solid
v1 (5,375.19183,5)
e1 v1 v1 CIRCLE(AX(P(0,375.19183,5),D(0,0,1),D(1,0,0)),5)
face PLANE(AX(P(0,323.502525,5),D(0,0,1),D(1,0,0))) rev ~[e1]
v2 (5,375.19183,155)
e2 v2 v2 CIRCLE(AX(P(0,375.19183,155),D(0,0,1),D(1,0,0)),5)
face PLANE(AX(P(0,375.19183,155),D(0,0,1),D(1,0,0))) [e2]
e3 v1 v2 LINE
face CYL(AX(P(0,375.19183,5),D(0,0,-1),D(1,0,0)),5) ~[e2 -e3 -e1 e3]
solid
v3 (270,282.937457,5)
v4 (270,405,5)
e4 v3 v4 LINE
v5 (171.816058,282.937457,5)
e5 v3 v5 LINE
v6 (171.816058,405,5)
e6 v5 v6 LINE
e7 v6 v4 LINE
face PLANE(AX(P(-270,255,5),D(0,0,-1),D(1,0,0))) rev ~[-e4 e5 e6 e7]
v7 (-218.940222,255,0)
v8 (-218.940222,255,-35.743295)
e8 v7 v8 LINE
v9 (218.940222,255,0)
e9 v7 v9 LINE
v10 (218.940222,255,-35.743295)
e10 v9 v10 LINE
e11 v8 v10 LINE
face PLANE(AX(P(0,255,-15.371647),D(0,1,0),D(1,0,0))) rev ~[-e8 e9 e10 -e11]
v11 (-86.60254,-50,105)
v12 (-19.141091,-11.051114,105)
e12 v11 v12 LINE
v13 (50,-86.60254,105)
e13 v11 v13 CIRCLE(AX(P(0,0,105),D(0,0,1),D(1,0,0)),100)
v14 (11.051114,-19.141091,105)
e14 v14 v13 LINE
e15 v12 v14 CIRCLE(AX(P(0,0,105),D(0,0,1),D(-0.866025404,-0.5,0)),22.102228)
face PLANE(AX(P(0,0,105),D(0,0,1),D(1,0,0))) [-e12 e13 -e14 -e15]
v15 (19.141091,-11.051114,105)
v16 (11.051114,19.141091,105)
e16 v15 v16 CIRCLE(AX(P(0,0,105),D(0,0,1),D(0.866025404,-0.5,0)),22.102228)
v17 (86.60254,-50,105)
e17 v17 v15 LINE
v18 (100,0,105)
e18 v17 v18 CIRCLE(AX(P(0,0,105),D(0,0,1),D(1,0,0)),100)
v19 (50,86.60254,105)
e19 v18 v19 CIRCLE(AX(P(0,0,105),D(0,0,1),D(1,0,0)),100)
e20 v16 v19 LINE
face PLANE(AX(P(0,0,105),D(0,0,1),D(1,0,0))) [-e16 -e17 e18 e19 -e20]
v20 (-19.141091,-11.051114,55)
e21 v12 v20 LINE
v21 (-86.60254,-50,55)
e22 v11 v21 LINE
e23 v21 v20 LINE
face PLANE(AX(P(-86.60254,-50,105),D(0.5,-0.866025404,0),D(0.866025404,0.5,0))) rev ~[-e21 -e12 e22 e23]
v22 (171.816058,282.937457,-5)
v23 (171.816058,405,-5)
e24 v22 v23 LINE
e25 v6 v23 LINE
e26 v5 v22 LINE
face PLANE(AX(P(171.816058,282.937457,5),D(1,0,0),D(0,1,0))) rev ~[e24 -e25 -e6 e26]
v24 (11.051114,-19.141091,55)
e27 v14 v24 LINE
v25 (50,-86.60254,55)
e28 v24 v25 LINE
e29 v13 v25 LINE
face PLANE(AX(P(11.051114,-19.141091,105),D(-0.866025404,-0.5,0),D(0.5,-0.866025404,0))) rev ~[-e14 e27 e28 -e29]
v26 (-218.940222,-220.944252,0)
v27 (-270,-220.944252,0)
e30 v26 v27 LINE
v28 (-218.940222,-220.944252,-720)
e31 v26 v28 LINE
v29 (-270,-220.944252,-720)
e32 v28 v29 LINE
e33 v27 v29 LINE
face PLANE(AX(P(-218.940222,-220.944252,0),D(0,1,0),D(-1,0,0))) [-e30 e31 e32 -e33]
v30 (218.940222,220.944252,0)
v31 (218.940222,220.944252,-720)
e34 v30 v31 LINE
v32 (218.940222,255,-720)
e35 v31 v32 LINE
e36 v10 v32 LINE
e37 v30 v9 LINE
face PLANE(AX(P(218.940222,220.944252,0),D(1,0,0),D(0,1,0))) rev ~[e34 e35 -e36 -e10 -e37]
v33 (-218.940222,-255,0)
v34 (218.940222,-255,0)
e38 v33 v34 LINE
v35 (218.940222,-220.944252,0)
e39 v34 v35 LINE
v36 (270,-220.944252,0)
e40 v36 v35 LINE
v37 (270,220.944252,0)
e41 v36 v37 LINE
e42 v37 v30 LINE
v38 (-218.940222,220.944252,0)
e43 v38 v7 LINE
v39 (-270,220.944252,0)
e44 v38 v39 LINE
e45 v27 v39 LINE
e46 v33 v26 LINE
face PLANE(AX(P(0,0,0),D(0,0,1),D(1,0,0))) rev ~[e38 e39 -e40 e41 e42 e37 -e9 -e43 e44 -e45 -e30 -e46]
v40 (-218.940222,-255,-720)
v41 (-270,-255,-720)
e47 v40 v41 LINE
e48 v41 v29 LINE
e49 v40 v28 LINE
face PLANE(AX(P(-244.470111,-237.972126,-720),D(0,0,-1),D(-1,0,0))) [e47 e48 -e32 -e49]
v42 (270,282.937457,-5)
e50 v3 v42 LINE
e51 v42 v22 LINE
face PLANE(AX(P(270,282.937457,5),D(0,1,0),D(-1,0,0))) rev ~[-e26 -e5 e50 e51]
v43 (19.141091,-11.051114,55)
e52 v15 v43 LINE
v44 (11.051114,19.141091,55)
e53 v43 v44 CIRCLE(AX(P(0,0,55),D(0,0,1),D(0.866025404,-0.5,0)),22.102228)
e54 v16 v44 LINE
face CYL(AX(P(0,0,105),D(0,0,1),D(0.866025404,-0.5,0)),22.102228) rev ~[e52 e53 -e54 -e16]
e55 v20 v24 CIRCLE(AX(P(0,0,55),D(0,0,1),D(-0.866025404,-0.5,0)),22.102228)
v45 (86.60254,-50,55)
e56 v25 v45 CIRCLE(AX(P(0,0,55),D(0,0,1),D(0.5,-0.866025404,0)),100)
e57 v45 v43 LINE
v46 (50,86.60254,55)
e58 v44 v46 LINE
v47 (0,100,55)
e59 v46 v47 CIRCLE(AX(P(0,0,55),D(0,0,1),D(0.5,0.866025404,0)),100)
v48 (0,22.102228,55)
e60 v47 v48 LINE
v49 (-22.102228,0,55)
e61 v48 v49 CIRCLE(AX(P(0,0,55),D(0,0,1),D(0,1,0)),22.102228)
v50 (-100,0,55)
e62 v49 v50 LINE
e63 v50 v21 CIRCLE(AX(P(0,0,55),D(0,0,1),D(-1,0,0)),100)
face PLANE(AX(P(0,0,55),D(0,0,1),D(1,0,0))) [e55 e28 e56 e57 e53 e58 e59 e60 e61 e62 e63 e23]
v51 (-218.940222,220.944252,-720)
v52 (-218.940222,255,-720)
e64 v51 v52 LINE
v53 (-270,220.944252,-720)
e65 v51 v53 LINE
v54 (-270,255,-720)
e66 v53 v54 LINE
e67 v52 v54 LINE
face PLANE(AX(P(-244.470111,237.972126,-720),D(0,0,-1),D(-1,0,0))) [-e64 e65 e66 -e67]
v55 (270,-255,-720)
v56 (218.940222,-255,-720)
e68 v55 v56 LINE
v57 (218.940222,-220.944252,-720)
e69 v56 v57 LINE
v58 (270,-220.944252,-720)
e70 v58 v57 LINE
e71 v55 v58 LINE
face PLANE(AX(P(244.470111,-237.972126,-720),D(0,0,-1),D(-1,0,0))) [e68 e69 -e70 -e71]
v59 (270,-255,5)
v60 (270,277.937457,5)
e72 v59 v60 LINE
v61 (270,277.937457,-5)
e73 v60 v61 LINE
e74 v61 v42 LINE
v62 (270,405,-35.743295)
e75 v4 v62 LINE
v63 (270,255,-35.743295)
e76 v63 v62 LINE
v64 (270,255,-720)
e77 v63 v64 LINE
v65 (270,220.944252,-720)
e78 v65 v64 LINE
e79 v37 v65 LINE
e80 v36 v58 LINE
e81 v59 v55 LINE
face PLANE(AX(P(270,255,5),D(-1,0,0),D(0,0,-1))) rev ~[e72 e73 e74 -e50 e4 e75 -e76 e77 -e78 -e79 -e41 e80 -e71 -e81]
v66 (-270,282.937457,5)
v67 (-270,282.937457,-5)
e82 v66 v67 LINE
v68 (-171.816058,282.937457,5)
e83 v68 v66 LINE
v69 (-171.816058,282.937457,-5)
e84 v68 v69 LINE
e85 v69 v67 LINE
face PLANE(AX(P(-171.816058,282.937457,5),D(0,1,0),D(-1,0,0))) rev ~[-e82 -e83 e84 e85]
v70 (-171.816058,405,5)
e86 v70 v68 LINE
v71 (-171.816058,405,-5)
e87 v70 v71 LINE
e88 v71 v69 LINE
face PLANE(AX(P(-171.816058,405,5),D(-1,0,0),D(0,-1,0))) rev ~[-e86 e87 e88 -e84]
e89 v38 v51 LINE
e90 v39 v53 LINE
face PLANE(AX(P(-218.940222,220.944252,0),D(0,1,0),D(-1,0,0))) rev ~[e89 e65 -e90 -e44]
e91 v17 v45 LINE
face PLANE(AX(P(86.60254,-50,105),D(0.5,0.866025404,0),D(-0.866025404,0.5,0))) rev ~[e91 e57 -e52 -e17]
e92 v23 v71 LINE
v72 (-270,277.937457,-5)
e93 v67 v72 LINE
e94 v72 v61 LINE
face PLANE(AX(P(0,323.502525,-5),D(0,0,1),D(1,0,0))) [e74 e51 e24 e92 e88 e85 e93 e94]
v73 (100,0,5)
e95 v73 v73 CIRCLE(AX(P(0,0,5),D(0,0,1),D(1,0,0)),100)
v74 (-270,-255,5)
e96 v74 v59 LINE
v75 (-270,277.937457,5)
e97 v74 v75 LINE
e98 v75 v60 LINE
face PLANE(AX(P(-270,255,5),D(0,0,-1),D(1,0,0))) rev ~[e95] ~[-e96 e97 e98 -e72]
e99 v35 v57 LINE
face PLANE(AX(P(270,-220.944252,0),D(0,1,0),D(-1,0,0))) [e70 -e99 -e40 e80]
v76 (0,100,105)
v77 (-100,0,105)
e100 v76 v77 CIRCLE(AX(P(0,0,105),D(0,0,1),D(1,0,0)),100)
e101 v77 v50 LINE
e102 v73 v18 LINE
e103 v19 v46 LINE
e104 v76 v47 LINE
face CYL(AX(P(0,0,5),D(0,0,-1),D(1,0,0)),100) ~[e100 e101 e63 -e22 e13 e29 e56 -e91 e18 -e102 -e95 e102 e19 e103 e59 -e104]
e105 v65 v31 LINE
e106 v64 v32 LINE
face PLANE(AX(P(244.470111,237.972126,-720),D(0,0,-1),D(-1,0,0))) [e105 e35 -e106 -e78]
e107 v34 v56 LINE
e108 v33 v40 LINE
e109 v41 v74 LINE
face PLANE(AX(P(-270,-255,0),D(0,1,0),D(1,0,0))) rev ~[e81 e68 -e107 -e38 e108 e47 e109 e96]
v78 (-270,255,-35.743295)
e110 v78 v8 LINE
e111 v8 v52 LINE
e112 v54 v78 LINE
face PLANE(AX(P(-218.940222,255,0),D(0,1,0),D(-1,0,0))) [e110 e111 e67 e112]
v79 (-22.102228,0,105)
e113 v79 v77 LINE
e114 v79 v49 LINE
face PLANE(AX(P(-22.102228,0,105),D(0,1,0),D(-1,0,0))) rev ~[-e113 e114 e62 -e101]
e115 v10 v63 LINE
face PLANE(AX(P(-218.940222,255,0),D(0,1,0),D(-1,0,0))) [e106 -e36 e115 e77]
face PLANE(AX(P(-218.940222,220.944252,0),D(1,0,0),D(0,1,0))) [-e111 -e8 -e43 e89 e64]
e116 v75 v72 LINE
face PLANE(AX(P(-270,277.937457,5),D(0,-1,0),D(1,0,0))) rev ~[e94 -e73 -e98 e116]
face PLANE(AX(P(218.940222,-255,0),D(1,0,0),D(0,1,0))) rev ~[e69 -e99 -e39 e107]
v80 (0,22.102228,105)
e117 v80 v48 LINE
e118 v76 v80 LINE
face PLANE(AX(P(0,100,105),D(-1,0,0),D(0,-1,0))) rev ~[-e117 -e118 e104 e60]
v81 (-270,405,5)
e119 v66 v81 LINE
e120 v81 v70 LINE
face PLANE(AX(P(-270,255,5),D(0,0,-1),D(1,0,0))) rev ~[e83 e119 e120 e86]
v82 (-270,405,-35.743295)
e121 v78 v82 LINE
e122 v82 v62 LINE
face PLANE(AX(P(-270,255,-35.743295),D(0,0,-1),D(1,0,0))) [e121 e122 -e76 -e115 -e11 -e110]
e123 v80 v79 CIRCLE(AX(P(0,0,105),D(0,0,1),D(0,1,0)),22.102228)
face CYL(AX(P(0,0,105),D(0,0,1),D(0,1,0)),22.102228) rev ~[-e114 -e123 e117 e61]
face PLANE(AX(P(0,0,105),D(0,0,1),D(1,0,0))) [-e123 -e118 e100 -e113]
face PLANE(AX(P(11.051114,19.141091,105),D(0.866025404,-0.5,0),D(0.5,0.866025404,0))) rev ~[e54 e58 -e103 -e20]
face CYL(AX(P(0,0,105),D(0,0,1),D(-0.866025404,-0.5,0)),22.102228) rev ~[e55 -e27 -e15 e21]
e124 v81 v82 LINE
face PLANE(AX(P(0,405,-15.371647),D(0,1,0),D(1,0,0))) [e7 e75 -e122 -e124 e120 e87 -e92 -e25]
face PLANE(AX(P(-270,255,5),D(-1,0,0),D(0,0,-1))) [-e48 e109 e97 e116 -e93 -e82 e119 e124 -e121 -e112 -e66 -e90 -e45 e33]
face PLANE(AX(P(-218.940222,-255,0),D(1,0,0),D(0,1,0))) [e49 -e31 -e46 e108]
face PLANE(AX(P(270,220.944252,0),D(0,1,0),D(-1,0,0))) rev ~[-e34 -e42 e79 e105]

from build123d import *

# Parameters (mm, degrees)
SKETCH1_W           = 540
SKETCH1_H           = 510
BOSS_EXTRUDE1_DEPTH = 5
SKETCH2_W           = 51.059777949
SKETCH2_H           = 34.055748457
BOSS_EXTRUDE2_DEPTH = 720
SKETCH3_R           = 100
BOSS_EXTRUDE3_DEPTH = 100
SKETCH4_W           = 540
SKETCH4_H           = 40.743294896
BOSS_EXTRUDE4_DEPTH = 150
SKETCH5_R           = 5
BOSS_EXTRUDE5_DEPTH = 150
CUT_EXTRUDE1_DEPTH  = 10
CUT_EXTRUDE2_DEPTH  = 50


with BuildPart() as part:
    # Sketch1 → Boss-Extrude1 (new body)
    with BuildSketch(Plane.XY):
        Rectangle(SKETCH1_W, SKETCH1_H)
    extrude(amount=BOSS_EXTRUDE1_DEPTH)

    # Sketch2 → Boss-Extrude2 (add)
    with BuildSketch(Plane(origin=(0, 0, 0), x_dir=(-1, 0, 0), z_dir=(0, 0, -1))):
        with Locations((244.470111025, 237.972125772)):
            Rectangle(SKETCH2_W, SKETCH2_H)
        with Locations((-244.470111025, 237.972125772)):
            Rectangle(SKETCH2_W, SKETCH2_H)
        with Locations((244.470111025, -237.972125772)):
            Rectangle(SKETCH2_W, SKETCH2_H)
        with Locations((-244.470111025, -237.972125772)):
            Rectangle(SKETCH2_W, SKETCH2_H)
    extrude(amount=BOSS_EXTRUDE2_DEPTH)

    # Sketch3 → Boss-Extrude3 (add)
    with BuildSketch(Plane.XY.offset(5)):
        Circle(SKETCH3_R)
    extrude(amount=BOSS_EXTRUDE3_DEPTH)

    # Sketch4 → Boss-Extrude4 (add)
    with BuildSketch(Plane(origin=(0, 255, 0), x_dir=(1, 0, 0), z_dir=(0, 1, 0))):
        with Locations((0, 15.371647448)):
            Rectangle(SKETCH4_W, SKETCH4_H)
    extrude(amount=BOSS_EXTRUDE4_DEPTH)

    # Sketch5 → Boss-Extrude5 (add)
    with BuildSketch(Plane.XY.offset(5)):
        with Locations((0, 375.191829561)):
            Circle(SKETCH5_R)
    extrude(amount=BOSS_EXTRUDE5_DEPTH)

    # Sketch6 → Cut-Extrude1 (cut)
    with BuildSketch(Plane.XY.offset(5)):
        Polygon((-171.816057956, 405), (-171.816057956, 282.937457133), (-270, 282.937457133), (-270, 277.937457133), (270, 277.937457133), (270, 282.937457133), (171.816057956, 282.937457133), (171.816057956, 405), align=None)
    extrude(amount=-CUT_EXTRUDE1_DEPTH, mode=Mode.SUBTRACT)


with BuildPart() as cut_extrude1_piece_1:
    # of the separate pieces the step leaves, piece 1, a body of its own (cut_extrude1_pieces)
    add(part.part.solids().sort_by_distance((270, -255, 5))[0])

    # Sketch7 → Cut-Extrude2 (cut)
    with BuildSketch(Plane.XY.offset(105)):
        with BuildLine():
            Line((0, 100), (0, 22.102227925))
            ThreePointArc((0, 22.102227925), (-15.628635245, 15.628635245), (-22.102227925, 0))
            Line((-22.102227925, 0), (-100, 0))
            ThreePointArc((-100, 0), (-96.592582629, -25.88190451), (-86.602540378, -50))
            Line((-86.602540378, -50), (-19.141090864, -11.051113963))
            ThreePointArc((-19.141090864, -11.051113963), (-5.720477526, -21.349112772), (11.051113963, -19.141090864))
            Line((11.051113963, -19.141090864), (50, -86.602540378))
            ThreePointArc((50, -86.602540378), (70.710678119, -70.710678119), (86.602540378, -50))
            Line((86.602540378, -50), (19.141090864, -11.051113963))
            ThreePointArc((19.141090864, -11.051113963), (21.349112772, 5.720477526), (11.051113963, 19.141090864))
            Line((11.051113963, 19.141090864), (50, 86.602540378))
            ThreePointArc((50, 86.602540378), (25.88190451, 96.592582629), (0, 100))
        make_face()
    extrude(amount=-CUT_EXTRUDE2_DEPTH, mode=Mode.SUBTRACT)


with BuildPart() as cut_extrude1_piece_2:
    # of the separate pieces the step leaves, piece 2, a body of its own (cut_extrude1_pieces)
    add(part.part.solids().sort_by_distance((5, 375.191829561, 5))[0])


solid = Compound([cut_extrude1_piece_1.part, cut_extrude1_piece_2.part])
